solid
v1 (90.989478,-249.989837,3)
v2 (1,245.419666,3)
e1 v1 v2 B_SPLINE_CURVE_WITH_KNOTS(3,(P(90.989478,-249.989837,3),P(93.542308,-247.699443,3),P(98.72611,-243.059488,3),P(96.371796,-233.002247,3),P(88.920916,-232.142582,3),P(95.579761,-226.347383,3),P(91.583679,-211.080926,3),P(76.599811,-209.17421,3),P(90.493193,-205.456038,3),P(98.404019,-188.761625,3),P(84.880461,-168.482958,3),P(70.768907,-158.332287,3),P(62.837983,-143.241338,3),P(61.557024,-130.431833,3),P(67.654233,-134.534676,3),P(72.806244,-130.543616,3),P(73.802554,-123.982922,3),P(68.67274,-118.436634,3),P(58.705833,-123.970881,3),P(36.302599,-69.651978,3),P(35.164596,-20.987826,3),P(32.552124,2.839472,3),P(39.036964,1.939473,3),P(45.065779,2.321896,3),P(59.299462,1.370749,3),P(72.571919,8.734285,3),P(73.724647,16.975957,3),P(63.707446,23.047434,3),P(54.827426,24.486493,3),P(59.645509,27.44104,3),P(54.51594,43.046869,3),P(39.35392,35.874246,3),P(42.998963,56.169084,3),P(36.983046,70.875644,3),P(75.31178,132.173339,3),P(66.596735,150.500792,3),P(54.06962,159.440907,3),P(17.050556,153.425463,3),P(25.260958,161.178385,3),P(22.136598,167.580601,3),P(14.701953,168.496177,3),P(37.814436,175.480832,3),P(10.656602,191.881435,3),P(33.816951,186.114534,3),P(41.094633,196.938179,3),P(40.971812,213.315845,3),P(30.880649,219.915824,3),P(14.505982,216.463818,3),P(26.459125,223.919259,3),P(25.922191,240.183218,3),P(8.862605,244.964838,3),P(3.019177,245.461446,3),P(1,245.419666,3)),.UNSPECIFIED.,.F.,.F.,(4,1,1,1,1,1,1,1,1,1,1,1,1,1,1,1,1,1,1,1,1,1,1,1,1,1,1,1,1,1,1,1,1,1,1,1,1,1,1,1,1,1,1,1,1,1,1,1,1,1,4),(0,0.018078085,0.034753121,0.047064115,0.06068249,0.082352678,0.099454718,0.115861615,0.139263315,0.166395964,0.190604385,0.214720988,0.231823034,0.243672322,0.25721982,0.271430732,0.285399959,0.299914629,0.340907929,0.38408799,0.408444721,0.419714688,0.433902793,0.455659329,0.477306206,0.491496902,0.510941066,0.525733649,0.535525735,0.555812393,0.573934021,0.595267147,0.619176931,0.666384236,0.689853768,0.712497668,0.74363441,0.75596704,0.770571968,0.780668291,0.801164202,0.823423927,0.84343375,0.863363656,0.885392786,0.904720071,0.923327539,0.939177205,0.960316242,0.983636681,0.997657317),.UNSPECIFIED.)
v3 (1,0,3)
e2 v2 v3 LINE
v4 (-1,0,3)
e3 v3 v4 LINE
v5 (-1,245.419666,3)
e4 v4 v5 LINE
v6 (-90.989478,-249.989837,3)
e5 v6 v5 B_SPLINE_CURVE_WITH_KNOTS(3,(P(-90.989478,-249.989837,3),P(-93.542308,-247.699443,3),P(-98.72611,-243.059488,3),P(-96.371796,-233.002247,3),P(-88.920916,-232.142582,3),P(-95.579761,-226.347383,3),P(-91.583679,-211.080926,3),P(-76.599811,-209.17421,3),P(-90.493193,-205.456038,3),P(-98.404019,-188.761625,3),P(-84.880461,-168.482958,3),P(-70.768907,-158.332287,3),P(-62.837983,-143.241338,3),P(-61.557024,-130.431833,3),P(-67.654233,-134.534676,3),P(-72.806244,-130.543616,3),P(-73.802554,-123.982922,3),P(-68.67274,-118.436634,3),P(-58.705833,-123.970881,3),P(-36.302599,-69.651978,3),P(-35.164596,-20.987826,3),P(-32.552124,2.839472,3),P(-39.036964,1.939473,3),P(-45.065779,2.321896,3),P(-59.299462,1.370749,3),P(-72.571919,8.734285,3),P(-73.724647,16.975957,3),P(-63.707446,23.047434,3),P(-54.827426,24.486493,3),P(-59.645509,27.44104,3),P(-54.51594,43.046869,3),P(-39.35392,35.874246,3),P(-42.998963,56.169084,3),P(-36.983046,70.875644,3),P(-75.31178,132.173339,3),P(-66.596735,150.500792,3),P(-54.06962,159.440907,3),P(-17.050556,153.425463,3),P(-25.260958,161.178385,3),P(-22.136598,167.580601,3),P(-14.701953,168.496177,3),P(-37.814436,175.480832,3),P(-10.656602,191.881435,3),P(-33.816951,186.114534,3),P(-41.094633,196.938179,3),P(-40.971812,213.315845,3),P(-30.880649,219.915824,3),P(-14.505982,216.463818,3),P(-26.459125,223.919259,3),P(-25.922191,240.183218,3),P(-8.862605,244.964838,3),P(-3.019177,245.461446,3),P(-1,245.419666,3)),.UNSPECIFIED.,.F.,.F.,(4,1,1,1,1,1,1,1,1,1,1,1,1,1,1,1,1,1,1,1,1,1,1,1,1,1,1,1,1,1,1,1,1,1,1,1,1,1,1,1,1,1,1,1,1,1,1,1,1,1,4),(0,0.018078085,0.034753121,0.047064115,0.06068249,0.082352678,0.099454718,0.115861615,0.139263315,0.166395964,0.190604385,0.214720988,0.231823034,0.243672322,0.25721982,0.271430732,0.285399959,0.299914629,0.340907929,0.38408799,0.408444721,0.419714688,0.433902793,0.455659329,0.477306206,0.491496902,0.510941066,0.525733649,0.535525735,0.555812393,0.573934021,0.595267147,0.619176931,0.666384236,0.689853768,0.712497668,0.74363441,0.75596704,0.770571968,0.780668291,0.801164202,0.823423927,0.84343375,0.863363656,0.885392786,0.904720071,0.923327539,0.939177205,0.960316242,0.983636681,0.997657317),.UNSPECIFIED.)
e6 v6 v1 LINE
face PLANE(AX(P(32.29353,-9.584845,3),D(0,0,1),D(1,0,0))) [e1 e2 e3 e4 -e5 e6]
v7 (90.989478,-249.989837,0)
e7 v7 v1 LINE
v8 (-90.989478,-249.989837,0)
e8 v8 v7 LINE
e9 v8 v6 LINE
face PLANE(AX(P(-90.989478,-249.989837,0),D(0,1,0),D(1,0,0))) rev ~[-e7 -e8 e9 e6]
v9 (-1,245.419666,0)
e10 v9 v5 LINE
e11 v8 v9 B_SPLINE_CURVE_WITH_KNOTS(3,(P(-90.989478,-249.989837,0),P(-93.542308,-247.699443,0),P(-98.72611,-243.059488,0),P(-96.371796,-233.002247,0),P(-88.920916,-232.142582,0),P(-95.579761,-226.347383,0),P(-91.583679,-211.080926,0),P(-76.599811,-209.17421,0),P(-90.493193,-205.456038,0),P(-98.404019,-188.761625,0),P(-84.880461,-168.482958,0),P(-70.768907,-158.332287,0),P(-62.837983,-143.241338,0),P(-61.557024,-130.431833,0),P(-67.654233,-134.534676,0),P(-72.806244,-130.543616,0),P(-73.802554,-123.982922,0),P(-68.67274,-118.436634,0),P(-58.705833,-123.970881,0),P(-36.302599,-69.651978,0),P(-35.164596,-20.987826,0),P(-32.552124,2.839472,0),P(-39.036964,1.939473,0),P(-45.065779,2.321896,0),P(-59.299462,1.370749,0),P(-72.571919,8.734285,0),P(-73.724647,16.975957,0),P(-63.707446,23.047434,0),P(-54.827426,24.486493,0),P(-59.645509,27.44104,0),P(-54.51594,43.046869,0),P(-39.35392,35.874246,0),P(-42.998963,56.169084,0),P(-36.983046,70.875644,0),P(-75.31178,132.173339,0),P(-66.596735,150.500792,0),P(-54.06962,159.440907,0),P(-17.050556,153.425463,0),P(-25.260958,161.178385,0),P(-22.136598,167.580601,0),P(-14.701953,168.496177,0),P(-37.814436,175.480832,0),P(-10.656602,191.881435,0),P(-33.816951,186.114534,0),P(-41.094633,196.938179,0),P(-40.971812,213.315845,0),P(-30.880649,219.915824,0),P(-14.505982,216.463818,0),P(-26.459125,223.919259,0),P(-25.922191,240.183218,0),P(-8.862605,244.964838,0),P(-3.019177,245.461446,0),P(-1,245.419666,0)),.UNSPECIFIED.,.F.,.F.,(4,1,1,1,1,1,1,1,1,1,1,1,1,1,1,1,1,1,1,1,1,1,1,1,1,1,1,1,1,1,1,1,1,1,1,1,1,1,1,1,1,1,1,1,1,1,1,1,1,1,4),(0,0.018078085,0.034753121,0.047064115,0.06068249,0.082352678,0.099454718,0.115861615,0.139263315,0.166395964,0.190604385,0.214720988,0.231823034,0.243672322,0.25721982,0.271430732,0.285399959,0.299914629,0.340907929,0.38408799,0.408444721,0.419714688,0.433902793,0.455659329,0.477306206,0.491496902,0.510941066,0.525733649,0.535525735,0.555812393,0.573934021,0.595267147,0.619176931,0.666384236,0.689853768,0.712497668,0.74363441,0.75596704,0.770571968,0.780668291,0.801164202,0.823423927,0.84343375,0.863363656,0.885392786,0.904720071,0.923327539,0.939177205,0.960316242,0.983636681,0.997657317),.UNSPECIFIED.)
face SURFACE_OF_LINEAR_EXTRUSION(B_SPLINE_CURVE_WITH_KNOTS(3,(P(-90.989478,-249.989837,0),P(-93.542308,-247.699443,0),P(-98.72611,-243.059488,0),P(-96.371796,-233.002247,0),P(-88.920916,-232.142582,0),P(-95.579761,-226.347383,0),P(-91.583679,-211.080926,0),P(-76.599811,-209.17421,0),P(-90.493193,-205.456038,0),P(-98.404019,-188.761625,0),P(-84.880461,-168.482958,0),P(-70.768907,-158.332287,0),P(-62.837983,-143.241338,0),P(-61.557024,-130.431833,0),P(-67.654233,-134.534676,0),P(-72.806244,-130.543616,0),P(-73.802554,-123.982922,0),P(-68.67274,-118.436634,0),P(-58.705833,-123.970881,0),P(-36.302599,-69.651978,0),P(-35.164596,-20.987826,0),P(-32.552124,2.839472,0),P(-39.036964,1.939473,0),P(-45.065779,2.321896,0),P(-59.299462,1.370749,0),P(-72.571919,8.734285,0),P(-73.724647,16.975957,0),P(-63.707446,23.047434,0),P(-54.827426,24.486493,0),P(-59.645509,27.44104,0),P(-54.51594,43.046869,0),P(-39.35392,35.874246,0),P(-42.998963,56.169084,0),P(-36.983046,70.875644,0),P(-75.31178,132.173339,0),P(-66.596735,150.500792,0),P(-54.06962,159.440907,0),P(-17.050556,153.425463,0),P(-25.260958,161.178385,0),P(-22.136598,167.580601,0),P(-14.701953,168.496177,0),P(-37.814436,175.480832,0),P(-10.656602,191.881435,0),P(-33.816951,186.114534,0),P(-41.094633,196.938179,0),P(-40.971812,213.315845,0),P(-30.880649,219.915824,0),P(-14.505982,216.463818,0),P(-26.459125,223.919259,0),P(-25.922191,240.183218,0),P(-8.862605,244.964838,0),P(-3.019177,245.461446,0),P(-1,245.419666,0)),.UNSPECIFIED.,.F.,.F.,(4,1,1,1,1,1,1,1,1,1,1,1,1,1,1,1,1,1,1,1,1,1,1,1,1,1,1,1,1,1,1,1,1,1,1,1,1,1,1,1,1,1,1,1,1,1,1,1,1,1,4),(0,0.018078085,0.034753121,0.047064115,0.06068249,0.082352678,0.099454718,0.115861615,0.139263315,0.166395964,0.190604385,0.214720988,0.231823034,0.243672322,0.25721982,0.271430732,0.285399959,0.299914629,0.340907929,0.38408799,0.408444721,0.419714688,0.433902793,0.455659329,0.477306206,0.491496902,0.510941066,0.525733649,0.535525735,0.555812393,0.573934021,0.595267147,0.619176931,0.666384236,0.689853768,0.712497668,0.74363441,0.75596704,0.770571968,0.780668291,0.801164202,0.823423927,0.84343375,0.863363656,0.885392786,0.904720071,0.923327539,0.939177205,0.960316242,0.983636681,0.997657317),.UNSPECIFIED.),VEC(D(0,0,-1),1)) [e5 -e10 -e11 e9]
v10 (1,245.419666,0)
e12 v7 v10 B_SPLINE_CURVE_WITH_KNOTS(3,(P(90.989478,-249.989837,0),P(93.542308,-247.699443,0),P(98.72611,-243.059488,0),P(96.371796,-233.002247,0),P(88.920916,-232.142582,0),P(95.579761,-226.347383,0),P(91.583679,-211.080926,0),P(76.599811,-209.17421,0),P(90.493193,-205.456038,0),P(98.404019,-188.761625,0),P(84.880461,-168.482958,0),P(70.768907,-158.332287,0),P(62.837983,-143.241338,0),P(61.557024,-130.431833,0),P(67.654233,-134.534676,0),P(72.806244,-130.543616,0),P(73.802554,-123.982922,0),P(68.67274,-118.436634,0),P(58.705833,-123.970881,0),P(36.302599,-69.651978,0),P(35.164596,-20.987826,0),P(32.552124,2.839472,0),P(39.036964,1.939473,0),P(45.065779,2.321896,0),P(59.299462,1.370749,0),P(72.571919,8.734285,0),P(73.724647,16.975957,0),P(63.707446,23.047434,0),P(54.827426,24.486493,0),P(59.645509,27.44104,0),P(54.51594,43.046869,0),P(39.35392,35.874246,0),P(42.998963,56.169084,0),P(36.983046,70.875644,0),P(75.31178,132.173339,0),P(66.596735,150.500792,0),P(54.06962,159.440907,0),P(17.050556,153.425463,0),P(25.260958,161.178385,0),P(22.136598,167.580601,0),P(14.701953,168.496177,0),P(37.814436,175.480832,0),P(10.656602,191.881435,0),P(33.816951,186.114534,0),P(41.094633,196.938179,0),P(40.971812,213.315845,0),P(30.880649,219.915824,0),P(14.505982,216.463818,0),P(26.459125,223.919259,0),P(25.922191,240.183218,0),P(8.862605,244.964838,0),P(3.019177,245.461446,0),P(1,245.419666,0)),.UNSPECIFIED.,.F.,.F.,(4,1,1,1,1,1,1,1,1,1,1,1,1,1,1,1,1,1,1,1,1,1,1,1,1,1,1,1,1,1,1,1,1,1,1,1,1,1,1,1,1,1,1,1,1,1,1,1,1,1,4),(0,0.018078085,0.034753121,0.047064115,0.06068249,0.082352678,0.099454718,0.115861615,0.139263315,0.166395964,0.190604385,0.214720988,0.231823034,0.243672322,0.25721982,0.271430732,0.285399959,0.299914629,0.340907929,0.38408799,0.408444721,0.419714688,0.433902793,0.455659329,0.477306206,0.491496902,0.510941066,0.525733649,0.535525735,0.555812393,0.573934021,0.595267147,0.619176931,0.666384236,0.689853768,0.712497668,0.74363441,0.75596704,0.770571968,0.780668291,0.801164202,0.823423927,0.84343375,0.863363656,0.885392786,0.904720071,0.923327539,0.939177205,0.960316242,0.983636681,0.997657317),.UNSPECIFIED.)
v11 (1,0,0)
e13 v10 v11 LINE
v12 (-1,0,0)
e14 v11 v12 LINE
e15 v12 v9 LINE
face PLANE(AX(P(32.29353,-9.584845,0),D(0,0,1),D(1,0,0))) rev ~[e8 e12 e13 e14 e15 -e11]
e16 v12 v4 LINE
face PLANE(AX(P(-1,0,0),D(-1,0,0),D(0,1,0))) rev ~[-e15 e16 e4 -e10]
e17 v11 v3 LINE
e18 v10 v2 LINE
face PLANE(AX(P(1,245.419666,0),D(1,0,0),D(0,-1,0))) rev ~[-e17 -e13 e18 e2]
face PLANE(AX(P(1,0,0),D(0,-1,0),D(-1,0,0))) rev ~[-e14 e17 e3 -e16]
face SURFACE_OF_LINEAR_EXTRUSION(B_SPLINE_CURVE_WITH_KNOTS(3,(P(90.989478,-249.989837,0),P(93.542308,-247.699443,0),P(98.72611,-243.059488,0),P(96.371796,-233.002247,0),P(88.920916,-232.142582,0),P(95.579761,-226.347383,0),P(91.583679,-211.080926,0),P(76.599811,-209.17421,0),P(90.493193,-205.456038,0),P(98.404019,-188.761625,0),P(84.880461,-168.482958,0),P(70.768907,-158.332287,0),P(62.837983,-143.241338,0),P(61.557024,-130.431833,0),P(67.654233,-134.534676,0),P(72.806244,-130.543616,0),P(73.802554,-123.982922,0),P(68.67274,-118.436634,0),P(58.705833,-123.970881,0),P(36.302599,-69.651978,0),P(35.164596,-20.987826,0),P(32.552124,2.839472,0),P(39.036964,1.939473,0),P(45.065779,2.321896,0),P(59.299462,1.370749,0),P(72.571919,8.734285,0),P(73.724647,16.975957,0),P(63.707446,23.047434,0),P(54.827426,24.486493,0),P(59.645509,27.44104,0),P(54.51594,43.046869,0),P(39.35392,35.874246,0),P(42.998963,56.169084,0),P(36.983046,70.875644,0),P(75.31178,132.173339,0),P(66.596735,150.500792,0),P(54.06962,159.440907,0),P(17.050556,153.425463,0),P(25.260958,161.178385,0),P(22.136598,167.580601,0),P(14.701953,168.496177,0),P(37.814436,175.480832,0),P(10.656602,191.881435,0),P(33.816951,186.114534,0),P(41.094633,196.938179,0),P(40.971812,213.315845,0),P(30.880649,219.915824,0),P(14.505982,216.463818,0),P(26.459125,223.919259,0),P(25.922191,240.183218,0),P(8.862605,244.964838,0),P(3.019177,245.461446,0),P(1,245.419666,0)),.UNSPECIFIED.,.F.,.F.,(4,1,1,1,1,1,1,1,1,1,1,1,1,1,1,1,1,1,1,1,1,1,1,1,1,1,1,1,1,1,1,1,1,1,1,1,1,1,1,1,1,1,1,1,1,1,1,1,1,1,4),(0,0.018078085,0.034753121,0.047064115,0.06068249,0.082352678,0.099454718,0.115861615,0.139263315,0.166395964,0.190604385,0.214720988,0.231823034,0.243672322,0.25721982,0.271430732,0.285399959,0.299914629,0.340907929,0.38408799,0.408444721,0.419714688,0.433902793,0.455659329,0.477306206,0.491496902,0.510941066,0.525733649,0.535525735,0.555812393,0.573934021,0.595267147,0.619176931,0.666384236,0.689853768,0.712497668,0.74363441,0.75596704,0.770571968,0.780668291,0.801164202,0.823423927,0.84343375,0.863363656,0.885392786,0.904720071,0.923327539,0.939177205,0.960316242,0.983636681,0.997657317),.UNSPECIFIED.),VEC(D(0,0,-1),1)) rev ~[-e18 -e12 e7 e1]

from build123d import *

# Parameters (mm, degrees)
F0_W     = 1
F0_H     = 249.9898374081
F1_DEPTH = 3


with BuildPart() as f1:
    # F0 (on Top) → F1 (new body)
    with BuildSketch(Plane.XY):
        with BuildLine():
            add(Edge.make_bspline(
                [(90.9894779325, -249.9898374081), (93.5423084812, -247.6994433289), (98.7261095267, -243.0594878918), (96.3717963405, -233.002246845), (88.9209162181, -232.1425823387), (95.5797614962, -226.3473827392), (91.5836794418, -211.0809255461), (76.5998108247, -209.1742101838), (90.4931932063, -205.4560381133), (98.4040190951, -188.7616252338), (84.8804606225, -168.4829575198), (70.7689072457, -158.3322873851), (62.8379831471, -143.2413384436), (61.557023586, -130.431832811), (67.6542333179, -134.5346761668), (72.8062443375, -130.5436162337), (73.8025544125, -123.982922157), (68.6727398931, -118.4366341751), (58.7058329409, -123.9708810166), (36.3025994821, -69.651977773), (35.164596349, -20.9878259104), (32.5521242658, 2.8394716537), (39.0369635764, 1.9394730546), (45.0657788443, 2.3218964827), (59.2994622567, 1.3707494807), (72.5719191699, 8.7342849114), (73.7246470696, 16.9759574494), (63.7074459018, 23.0474340322), (54.8274264315, 24.486493145), (59.6455092177, 27.4410399071), (54.5159396801, 43.0468686734), (39.3539196624, 35.8742461569), (42.9989626849, 56.1690837908), (36.9830458164, 70.8756444867), (75.3117804583, 132.1733387746), (66.5967353794, 150.5007923418), (54.0696200833, 159.4409074932), (17.0505556383, 153.4254633293), (25.2609582787, 161.1783845586), (22.1365981425, 167.5806007909), (14.7019530635, 168.4961773878), (37.8144356801, 175.4808323626), (10.6566023155, 191.8814352096), (33.8169514641, 186.1145341709), (41.0946330208, 196.9381785014), (40.9718122924, 213.3158447979), (30.880649311, 219.9158241613), (14.5059824129, 216.463817929), (26.4591252681, 223.9192586975), (25.9221908143, 240.1832175197), (8.8626047614, 244.964838391), (3.0191772027, 245.4614464803), (1, 245.419665973)],
                knots=[0, 0, 0, 0, 0.0180780853, 0.0347531213, 0.0470641149, 0.0606824905, 0.082352678, 0.0994547179, 0.1158616148, 0.1392633154, 0.1663959645, 0.1906043851, 0.2147209883, 0.2318230344, 0.2436723223, 0.2572198202, 0.2714307317, 0.2853999587, 0.2999146289, 0.3409079292, 0.3840879897, 0.4084447206, 0.419714688, 0.4339027925, 0.4556593293, 0.4773062065, 0.491496902, 0.5109410664, 0.5257336488, 0.5355257348, 0.5558123934, 0.5739340212, 0.5952671467, 0.6191769312, 0.6663842356, 0.689853768, 0.7124976679, 0.7436344098, 0.7559670404, 0.7705719679, 0.7806682913, 0.8011642023, 0.8234239266, 0.8434337495, 0.8633636557, 0.8853927856, 0.9047200707, 0.9233275392, 0.9391772054, 0.9603162416, 0.9836366812, 0.9976573166, 0.9976573166, 0.9976573166, 0.9976573166], degree=3))
            Line((1, 245.419665973), (1, 0))
            Line((1, 0), (1, -249.9898374081))
            Line((1, -249.9898374081), (90.9894779325, -249.9898374081))
        make_face()
        with BuildLine():
            Line((-1, 0), (-1, 245.419665973))
            add(Edge.make_bspline(
                [(-90.9894779325, -249.9898374081), (-93.5423084812, -247.6994433289), (-98.7261095267, -243.0594878918), (-96.3717963405, -233.002246845), (-88.9209162181, -232.1425823387), (-95.5797614962, -226.3473827392), (-91.5836794418, -211.0809255461), (-76.5998108247, -209.1742101838), (-90.4931932063, -205.4560381133), (-98.4040190951, -188.7616252338), (-84.8804606225, -168.4829575198), (-70.7689072457, -158.3322873851), (-62.8379831471, -143.2413384436), (-61.557023586, -130.431832811), (-67.6542333179, -134.5346761668), (-72.8062443375, -130.5436162337), (-73.8025544125, -123.982922157), (-68.6727398931, -118.4366341751), (-58.7058329409, -123.9708810166), (-36.3025994821, -69.651977773), (-35.164596349, -20.9878259104), (-32.5521242658, 2.8394716537), (-39.0369635764, 1.9394730546), (-45.0657788443, 2.3218964827), (-59.2994622567, 1.3707494807), (-72.5719191699, 8.7342849114), (-73.7246470696, 16.9759574494), (-63.7074459018, 23.0474340322), (-54.8274264315, 24.486493145), (-59.6455092177, 27.4410399071), (-54.5159396801, 43.0468686734), (-39.3539196624, 35.8742461569), (-42.9989626849, 56.1690837908), (-36.9830458164, 70.8756444867), (-75.3117804583, 132.1733387746), (-66.5967353794, 150.5007923418), (-54.0696200833, 159.4409074932), (-17.0505556383, 153.4254633293), (-25.2609582787, 161.1783845586), (-22.1365981425, 167.5806007909), (-14.7019530635, 168.4961773878), (-37.8144356801, 175.4808323626), (-10.6566023155, 191.8814352096), (-33.8169514641, 186.1145341709), (-41.0946330208, 196.9381785014), (-40.9718122924, 213.3158447979), (-30.880649311, 219.9158241613), (-14.5059824129, 216.463817929), (-26.4591252681, 223.9192586975), (-25.9221908143, 240.1832175197), (-8.8626047614, 244.964838391), (-3.0191772027, 245.4614464803), (-1, 245.419665973)],
                knots=[0, 0, 0, 0, 0.0180780853, 0.0347531213, 0.0470641149, 0.0606824905, 0.082352678, 0.0994547179, 0.1158616148, 0.1392633154, 0.1663959645, 0.1906043851, 0.2147209883, 0.2318230344, 0.2436723223, 0.2572198202, 0.2714307317, 0.2853999587, 0.2999146289, 0.3409079292, 0.3840879897, 0.4084447206, 0.419714688, 0.4339027925, 0.4556593293, 0.4773062065, 0.491496902, 0.5109410664, 0.5257336488, 0.5355257348, 0.5558123934, 0.5739340212, 0.5952671467, 0.6191769312, 0.6663842356, 0.689853768, 0.7124976679, 0.7436344098, 0.7559670404, 0.7705719679, 0.7806682913, 0.8011642023, 0.8234239266, 0.8434337495, 0.8633636557, 0.8853927856, 0.9047200707, 0.9233275392, 0.9391772054, 0.9603162416, 0.9836366812, 0.9976573166, 0.9976573166, 0.9976573166, 0.9976573166], degree=3))
            Line((-90.9894779325, -249.9898374081), (-1, -249.9898374081))
            Line((-1, -249.9898374081), (-1, 0))
        make_face()
        with Locations((-0.5, -124.994918704)):
            Rectangle(F0_W, F0_H)
        with Locations((0.5, -124.994918704)):
            Rectangle(F0_W, F0_H)
    extrude(amount=F1_DEPTH)


solid = f1.part
